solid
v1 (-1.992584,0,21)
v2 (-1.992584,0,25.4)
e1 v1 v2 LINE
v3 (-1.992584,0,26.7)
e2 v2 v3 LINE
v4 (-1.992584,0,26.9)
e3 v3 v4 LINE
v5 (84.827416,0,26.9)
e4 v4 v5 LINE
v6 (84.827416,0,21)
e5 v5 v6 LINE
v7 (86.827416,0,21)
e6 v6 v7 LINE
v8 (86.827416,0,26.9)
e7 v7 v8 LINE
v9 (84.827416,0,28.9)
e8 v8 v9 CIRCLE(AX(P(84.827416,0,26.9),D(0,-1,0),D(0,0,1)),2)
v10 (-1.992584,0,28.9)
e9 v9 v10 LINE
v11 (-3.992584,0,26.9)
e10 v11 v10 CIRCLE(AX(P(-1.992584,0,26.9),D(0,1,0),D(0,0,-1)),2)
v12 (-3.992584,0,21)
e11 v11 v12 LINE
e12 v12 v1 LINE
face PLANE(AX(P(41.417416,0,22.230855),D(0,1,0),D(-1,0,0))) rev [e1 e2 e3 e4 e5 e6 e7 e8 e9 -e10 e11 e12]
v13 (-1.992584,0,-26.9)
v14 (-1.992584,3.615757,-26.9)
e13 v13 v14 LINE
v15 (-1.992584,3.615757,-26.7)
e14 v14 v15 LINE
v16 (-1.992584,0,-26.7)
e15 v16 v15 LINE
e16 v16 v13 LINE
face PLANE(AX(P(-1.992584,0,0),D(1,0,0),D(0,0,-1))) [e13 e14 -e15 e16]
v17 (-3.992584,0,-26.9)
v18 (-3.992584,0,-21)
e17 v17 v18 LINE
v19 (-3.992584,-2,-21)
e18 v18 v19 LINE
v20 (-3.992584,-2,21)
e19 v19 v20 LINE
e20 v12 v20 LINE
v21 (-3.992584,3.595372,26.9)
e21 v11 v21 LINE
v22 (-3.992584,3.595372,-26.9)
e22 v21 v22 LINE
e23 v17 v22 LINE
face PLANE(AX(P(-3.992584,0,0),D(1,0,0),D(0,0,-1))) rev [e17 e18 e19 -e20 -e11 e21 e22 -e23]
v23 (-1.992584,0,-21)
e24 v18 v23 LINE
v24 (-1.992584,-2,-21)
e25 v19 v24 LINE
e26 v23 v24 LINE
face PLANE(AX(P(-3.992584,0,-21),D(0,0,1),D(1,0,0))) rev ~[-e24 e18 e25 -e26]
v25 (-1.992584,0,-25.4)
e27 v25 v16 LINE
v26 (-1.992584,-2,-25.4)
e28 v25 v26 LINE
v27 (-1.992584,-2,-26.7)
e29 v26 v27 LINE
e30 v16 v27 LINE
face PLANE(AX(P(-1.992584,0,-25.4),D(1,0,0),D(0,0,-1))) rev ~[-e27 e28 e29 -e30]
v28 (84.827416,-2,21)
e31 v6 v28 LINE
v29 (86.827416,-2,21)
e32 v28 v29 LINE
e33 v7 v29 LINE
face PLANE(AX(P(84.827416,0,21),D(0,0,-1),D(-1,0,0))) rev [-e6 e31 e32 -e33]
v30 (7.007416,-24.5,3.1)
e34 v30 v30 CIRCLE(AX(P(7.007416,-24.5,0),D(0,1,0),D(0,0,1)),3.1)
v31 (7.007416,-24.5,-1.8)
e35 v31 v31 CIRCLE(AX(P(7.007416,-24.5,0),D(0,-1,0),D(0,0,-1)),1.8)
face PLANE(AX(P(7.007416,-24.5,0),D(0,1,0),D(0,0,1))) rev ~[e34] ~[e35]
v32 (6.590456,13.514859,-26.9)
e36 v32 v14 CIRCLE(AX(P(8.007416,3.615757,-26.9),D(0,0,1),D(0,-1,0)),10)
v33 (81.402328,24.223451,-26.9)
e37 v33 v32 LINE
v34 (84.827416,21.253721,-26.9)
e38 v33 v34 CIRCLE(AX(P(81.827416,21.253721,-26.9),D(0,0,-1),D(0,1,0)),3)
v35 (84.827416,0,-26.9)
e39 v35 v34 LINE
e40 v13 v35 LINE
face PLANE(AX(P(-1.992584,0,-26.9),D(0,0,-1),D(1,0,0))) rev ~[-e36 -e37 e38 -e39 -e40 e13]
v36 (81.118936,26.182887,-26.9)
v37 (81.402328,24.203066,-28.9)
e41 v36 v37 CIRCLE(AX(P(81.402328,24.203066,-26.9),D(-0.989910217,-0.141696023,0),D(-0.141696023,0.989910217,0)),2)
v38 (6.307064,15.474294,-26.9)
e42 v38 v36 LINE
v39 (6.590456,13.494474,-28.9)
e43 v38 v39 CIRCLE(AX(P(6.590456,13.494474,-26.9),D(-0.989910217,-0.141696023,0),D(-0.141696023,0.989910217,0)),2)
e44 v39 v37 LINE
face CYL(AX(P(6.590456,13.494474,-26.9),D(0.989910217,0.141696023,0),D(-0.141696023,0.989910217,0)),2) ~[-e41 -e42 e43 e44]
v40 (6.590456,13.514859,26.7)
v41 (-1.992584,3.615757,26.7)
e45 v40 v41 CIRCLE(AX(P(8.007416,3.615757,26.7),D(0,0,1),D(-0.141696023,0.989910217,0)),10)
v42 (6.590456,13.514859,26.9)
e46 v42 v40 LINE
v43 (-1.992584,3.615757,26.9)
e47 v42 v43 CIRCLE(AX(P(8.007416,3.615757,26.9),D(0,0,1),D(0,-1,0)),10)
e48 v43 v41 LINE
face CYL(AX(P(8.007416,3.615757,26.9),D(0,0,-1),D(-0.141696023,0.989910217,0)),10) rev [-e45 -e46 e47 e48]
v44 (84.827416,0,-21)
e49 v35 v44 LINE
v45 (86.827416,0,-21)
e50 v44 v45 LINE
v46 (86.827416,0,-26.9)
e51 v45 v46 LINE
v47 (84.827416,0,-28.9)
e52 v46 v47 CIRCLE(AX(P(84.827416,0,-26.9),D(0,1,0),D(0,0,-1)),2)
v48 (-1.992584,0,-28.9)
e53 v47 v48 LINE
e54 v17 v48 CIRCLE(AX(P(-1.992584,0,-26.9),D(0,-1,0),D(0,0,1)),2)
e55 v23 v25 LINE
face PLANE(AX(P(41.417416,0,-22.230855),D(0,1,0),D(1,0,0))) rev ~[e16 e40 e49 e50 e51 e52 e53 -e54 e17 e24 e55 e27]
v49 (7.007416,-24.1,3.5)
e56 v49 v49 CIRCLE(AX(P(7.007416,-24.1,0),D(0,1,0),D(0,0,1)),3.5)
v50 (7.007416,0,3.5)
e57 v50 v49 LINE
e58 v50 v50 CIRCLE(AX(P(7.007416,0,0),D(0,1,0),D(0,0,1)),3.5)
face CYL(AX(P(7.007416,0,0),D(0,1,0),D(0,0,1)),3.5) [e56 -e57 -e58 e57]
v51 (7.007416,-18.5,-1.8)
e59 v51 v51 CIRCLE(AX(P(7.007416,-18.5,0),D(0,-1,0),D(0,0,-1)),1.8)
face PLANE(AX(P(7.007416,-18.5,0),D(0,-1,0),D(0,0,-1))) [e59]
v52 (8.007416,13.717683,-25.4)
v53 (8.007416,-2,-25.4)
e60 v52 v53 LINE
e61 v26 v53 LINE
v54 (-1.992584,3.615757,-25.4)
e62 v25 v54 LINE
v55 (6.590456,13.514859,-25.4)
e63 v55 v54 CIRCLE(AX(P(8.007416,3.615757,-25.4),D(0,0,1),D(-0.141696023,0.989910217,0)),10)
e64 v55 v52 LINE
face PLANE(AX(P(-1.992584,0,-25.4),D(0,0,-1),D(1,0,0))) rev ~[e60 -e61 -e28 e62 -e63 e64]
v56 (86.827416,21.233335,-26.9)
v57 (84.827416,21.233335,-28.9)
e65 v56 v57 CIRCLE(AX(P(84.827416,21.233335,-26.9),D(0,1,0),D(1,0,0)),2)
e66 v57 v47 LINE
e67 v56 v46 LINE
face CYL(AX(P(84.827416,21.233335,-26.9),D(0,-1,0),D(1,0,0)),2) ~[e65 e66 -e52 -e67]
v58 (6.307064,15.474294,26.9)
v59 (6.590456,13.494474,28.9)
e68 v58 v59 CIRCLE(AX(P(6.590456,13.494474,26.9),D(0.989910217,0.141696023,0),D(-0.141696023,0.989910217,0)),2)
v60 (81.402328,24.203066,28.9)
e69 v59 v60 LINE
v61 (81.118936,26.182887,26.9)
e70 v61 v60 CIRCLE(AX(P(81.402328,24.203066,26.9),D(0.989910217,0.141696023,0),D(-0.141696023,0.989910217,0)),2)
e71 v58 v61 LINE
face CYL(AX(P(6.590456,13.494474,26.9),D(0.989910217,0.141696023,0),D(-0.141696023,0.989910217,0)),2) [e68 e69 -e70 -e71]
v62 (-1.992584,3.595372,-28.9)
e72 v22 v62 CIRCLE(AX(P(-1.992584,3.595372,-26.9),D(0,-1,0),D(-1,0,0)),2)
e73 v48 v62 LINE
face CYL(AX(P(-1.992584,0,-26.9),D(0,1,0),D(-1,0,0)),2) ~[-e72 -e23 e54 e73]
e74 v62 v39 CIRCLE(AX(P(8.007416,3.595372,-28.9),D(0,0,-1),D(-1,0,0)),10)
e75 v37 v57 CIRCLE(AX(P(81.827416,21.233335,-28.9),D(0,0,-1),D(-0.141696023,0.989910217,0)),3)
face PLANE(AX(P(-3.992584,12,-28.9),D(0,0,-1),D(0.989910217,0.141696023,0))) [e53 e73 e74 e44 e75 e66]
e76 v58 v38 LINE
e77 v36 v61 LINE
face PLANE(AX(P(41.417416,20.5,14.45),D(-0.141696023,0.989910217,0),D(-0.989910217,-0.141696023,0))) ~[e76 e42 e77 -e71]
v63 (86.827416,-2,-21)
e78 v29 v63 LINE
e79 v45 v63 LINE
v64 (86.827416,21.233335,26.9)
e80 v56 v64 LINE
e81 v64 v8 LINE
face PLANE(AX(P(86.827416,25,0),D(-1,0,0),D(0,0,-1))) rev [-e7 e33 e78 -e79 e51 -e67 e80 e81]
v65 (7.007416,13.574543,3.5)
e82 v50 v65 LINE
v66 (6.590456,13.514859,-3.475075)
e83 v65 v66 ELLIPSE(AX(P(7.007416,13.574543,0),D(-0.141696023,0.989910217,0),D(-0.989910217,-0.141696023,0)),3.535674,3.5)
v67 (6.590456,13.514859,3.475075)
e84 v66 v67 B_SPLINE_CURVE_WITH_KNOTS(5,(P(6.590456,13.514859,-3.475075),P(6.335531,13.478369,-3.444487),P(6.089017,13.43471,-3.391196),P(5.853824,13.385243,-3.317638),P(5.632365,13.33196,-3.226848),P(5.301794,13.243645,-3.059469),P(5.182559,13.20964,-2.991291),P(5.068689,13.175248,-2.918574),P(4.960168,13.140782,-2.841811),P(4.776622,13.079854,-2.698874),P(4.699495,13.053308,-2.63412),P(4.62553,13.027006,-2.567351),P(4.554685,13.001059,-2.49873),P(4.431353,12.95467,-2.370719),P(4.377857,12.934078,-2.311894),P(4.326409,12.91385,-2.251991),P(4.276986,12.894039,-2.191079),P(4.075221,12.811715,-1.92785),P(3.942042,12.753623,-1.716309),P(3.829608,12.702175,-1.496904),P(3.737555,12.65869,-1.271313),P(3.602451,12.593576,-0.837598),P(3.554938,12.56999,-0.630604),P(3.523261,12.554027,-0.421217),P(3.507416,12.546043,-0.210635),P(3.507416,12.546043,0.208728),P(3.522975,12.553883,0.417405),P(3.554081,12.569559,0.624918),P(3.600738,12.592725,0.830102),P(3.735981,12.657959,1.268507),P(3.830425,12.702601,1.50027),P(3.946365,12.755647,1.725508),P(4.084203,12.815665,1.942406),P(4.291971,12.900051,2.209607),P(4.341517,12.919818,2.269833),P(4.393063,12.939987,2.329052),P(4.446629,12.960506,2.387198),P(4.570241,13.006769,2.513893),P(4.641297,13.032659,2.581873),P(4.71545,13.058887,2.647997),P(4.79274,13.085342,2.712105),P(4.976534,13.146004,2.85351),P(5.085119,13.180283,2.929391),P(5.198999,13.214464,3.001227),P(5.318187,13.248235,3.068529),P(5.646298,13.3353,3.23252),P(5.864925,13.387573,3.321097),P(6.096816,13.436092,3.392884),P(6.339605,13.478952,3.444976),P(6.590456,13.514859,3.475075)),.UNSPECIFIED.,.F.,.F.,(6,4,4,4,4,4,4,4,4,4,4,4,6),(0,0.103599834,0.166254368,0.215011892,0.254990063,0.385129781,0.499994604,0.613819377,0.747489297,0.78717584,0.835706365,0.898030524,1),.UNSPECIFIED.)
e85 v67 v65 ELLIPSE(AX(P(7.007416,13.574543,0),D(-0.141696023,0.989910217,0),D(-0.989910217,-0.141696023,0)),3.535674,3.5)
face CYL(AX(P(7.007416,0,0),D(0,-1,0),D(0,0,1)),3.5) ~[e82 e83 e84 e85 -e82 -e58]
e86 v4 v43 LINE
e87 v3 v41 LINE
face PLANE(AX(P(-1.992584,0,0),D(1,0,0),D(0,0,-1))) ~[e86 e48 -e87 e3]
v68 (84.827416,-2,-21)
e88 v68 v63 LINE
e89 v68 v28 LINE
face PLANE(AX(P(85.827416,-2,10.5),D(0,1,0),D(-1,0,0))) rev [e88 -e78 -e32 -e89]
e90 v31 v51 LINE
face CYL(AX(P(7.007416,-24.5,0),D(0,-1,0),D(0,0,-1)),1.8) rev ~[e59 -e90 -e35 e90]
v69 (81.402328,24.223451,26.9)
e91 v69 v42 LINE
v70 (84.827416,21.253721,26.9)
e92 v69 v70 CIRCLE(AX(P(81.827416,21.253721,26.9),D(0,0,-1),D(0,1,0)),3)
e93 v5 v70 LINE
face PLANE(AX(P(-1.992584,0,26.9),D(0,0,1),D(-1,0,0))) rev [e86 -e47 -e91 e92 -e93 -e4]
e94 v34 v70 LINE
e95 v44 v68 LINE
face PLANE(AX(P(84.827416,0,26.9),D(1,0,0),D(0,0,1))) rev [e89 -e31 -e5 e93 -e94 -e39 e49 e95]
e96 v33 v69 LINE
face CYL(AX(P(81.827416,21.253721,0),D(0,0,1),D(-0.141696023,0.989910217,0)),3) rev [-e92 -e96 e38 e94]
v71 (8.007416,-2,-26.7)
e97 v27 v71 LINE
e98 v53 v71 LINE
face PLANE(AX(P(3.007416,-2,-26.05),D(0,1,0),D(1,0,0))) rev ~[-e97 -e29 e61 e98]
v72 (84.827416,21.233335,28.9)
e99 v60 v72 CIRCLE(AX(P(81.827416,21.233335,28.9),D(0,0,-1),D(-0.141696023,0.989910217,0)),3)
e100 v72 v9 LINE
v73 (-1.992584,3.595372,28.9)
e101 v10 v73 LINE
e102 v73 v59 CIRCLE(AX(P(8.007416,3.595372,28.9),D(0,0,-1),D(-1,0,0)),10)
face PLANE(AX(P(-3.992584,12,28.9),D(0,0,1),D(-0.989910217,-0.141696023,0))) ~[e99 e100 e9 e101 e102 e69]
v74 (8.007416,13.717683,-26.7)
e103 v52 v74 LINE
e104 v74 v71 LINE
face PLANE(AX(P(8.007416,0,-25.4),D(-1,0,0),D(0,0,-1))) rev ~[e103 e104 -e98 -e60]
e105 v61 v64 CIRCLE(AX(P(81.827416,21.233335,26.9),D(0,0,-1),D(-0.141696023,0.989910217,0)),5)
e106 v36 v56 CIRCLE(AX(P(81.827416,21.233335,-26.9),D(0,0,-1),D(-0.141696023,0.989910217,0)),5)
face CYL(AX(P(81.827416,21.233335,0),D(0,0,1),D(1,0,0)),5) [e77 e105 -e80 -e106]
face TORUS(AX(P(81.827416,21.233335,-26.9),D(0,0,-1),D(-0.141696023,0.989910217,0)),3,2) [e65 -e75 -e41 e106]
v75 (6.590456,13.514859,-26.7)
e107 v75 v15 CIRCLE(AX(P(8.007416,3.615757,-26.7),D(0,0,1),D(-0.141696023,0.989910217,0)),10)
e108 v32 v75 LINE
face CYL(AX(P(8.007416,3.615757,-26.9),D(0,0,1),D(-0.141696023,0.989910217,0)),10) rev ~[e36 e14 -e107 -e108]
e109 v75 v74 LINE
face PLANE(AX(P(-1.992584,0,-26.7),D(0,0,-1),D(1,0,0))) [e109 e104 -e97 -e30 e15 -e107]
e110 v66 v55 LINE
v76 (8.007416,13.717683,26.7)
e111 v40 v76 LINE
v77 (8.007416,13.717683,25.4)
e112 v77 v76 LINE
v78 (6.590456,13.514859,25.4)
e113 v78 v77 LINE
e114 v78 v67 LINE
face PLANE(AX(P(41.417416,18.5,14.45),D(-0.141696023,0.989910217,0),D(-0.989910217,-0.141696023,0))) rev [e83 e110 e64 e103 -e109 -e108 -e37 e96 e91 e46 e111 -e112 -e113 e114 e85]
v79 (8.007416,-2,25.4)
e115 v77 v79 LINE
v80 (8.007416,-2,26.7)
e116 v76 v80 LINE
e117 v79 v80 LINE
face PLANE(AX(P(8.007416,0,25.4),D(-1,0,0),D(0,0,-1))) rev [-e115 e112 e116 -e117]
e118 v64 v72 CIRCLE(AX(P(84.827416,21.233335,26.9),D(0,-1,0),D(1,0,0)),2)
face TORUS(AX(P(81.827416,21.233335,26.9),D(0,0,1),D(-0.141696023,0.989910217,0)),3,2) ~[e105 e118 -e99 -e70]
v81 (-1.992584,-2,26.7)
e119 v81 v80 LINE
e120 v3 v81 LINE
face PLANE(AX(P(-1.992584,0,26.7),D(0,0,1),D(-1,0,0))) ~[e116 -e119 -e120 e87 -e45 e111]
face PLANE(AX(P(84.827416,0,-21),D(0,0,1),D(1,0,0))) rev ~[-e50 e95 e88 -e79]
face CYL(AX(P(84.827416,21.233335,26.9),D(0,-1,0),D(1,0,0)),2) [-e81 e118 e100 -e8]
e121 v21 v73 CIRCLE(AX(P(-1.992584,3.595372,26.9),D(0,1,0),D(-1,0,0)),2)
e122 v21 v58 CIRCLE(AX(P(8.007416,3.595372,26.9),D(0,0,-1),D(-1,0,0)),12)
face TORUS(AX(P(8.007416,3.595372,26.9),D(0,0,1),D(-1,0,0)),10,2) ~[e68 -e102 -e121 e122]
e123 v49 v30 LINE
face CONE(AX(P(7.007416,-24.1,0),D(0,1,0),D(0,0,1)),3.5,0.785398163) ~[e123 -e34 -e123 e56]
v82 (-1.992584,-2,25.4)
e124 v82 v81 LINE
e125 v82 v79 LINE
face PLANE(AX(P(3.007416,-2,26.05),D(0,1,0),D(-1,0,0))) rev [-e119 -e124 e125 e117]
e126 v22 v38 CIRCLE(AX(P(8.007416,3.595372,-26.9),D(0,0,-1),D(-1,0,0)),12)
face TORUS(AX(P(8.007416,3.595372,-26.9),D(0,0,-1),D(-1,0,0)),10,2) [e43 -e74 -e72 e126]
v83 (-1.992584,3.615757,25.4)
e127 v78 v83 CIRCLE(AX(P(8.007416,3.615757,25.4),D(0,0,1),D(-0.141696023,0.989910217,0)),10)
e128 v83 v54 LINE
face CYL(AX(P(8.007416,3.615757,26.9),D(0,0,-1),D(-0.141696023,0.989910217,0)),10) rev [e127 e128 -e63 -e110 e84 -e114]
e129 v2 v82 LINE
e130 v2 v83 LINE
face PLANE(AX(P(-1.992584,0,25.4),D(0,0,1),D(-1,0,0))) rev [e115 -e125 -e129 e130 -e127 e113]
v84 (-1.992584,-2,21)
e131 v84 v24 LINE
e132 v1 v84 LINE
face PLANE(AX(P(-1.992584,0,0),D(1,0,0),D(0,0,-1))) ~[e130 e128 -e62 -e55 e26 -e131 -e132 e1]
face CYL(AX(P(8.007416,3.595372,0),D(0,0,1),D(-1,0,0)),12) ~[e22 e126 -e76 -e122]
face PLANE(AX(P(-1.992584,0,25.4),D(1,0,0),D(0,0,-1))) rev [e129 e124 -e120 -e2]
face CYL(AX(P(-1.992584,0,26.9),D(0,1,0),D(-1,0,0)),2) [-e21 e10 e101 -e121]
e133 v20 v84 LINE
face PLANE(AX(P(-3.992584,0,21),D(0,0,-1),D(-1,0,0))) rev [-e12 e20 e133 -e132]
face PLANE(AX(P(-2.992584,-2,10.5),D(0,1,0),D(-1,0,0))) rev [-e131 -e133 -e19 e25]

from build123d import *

# Parameters (mm, degrees)
BOSS_EXTRUDE1_DEPTH             = 25
CUT_EXTRUDE1_START              = -28.9
SKETCH2_OUTSIDE_W               = 112.526
SKETCH2_OUTSIDE_H               = 46.706
CUT_EXTRUDE1_DEPTH              = 28.9
SKETCH4_W                       = 91.745694177
SKETCH4_H                       = 28.9
BOSS_EXTRUDE2_DEPTH             = 2
FILLET4_R                       = 10
FILLET5_R                       = 12
FILLET3_R                       = 3
FILLET2_R                       = 5
FILLET1_R                       = 2
SKETCH5_W                       = 2
SKETCH5_H                       = 21
BOSS_EXTRUDE3_DEPTH             = 2
SKETCH10_W                      = 10
SKETCH10_H                      = 1.3
BOSS_EXTRUDE6_DEPTH             = 2
BOSS_EXTRUDE6_DIRECTION_2_REACH = 97.197
BOSS_EXTRUDE7_REACH             = 97.197
SKETCH11_R                      = 3.5
BOSS_EXTRUDE7_DIRECTION_2_DEPTH = 24.5
CHAMFER1_SIZE                   = 0.4
SKETCH12_R                      = 1.8
CUT_EXTRUDE2_DEPTH              = 6


with BuildPart() as part:
    # Sketch1 → Boss-Extrude1 (new body)
    with BuildSketch(Plane(origin=(0, 0, 0), x_dir=(1, 0, 0), z_dir=(0, 1, 0))):
        Polygon((-3.992584003, 28.9), (-3.992584003, 0), (-1.992584003, 0), (-1.992584003, 26.9), (84.827415997, 26.9), (84.827415997, 0), (86.827415997, 0), (86.827415997, 28.9), align=None)
    extrude(amount=BOSS_EXTRUDE1_DEPTH)

    # Sketch2 outside → Cut-Extrude1 (cut)
    with BuildSketch(Plane.XY.offset(CUT_EXTRUDE1_START)):
        with Locations((41.417, 12.5)):
            Rectangle(SKETCH2_OUTSIDE_W, SKETCH2_OUTSIDE_H)
        Polygon((-3.992584003, 0), (86.827415997, 0), (86.827415997, 25), (-3.992584003, 12), align=None, mode=Mode.SUBTRACT)
    extrude(amount=CUT_EXTRUDE1_DEPTH, mode=Mode.SUBTRACT)

    # Sketch4 → Boss-Extrude2 (add, along a direction that is not the sketch's normal)
    with BuildSketch(Plane(origin=(-1.763358246, 12.319091993, 0), x_dir=(0.9899102166570531, 0.14169602308458154, 0), z_dir=(-0.1416960230845815, 0.989910216657053, 0))):
        with Locations((43.620899669, 14.45)):
            Rectangle(SKETCH4_W, SKETCH4_H)
    extrude(amount=BOSS_EXTRUDE2_DEPTH, dir=(0, 1, 0))

    # Fillet4
    fillet4_edges = [part.edges().sort_by_distance(p)[0] for p in [
        (-1.992584003, 12.286280555, -13.45),
    ]]
    fillet(fillet4_edges, radius=FILLET4_R)

    # Fillet5
    fillet5_edges = [part.edges().sort_by_distance(p)[0] for p in [
        (-3.992584003, 14, -14.45),
    ]]
    fillet(fillet5_edges, radius=FILLET5_R)

    # Fillet3
    fillet3_edges = [part.edges().sort_by_distance(p)[0] for p in [
        (84.827415997, 24.713719445, -13.45),
    ]]
    fillet(fillet3_edges, radius=FILLET3_R)

    # Fillet2
    fillet2_edges = [part.edges().sort_by_distance(p)[0] for p in [
        (86.827415997, 27, -14.45),
    ]]
    fillet(fillet2_edges, radius=FILLET2_R)

    # Fillet1
    fillet1_edges = [part.edges().sort_by_distance(p)[0] for p in [
        (-3.992584003, 1.797685917, -28.9),
        (-1.059122133, 11.456535, -28.9),
        (43.7129998, 20.828590503, -28.9),
        (86.827415997, 10.616667745, -28.9),
        (85.102900649, 25.01105971, -28.9),
    ]]
    fillet(fillet1_edges, radius=FILLET1_R)

    # Sketch5 → Boss-Extrude3 (add)
    with BuildSketch(Plane(origin=(0, 0, 0), x_dir=(1, 0, 0), z_dir=(0, 1, 0))):
        with Locations((-2.992584003, 10.5)):
            Rectangle(SKETCH5_W, SKETCH5_H)
        with Locations((85.827415997, 10.5)):
            Rectangle(SKETCH5_W, SKETCH5_H)
    extrude(amount=-BOSS_EXTRUDE3_DEPTH)

    # Sketch10 → Boss-Extrude6 (add)
    with BuildSketch(Plane(origin=(0, 0, 0), x_dir=(1, 0, 0), z_dir=(0, 1, 0))):
        with Locations((3.007415997, 26.05)):
            Rectangle(SKETCH10_W, SKETCH10_H)
    extrude(amount=-BOSS_EXTRUDE6_DEPTH)

    # Sketch10 → Boss-Extrude6 direction 2 (add, up to next)
    with BuildSketch(Plane(origin=(0, 0, 0), x_dir=(1, 0, 0), z_dir=(0, 1, 0)), mode=Mode.PRIVATE) as boss_extrude6_direction_2_sk1:
        with Locations((3.007415997, 26.05)):
            Rectangle(SKETCH10_W, SKETCH10_H)
    boss_extrude6_direction_2_tool1 = extrude(boss_extrude6_direction_2_sk1.sketch, amount=BOSS_EXTRUDE6_DIRECTION_2_REACH, mode=Mode.PRIVATE) - part.part
    add(boss_extrude6_direction_2_tool1.solids().sort_by_distance((3.007416, 0, -26.05))[0])

    # Mirror6: part across plane


with BuildPart() as part_1:
    add(part.part)
    add(part.part.mirror(Plane.XY))

    # Sketch11 → Boss-Extrude7 (add, up to next)
    with BuildSketch(Plane(origin=(0, 0, 0), x_dir=(1, 0, 0), z_dir=(0, 1, 0)), mode=Mode.PRIVATE) as boss_extrude7_sk1:
        with Locations(Location((7.007415997, 0, 0), (0, 0, 270))):
            Circle(SKETCH11_R)
    boss_extrude7_tool1 = extrude(boss_extrude7_sk1.sketch, amount=BOSS_EXTRUDE7_REACH, mode=Mode.PRIVATE) - part_1.part
    add(boss_extrude7_tool1.solids().sort_by_distance((7.007416, 0, 0))[0])

    # Sketch11 → Boss-Extrude7 direction 2 (add)
    with BuildSketch(Plane(origin=(0, 0, 0), x_dir=(1, 0, 0), z_dir=(0, 1, 0))):
        with Locations(Location((7.007415997, 0, 0), (0, 0, 270))):
            Circle(SKETCH11_R)
    extrude(amount=-BOSS_EXTRUDE7_DIRECTION_2_DEPTH)

    # Chamfer1
    chamfer1_edges = [part_1.edges().sort_by_distance(p)[0] for p in [
        (7.007415997, -24.5, -3.5),
    ]]
    chamfer(chamfer1_edges, length=CHAMFER1_SIZE)

    # Sketch12 → Cut-Extrude2 (cut)
    with BuildSketch(Plane.XZ.offset(24.5)):
        with Locations(Location((7.007415997, 0, 0), (0, 0, 270))):
            Circle(SKETCH12_R)
    extrude(amount=-CUT_EXTRUDE2_DEPTH, mode=Mode.SUBTRACT)


solid = part_1.part
